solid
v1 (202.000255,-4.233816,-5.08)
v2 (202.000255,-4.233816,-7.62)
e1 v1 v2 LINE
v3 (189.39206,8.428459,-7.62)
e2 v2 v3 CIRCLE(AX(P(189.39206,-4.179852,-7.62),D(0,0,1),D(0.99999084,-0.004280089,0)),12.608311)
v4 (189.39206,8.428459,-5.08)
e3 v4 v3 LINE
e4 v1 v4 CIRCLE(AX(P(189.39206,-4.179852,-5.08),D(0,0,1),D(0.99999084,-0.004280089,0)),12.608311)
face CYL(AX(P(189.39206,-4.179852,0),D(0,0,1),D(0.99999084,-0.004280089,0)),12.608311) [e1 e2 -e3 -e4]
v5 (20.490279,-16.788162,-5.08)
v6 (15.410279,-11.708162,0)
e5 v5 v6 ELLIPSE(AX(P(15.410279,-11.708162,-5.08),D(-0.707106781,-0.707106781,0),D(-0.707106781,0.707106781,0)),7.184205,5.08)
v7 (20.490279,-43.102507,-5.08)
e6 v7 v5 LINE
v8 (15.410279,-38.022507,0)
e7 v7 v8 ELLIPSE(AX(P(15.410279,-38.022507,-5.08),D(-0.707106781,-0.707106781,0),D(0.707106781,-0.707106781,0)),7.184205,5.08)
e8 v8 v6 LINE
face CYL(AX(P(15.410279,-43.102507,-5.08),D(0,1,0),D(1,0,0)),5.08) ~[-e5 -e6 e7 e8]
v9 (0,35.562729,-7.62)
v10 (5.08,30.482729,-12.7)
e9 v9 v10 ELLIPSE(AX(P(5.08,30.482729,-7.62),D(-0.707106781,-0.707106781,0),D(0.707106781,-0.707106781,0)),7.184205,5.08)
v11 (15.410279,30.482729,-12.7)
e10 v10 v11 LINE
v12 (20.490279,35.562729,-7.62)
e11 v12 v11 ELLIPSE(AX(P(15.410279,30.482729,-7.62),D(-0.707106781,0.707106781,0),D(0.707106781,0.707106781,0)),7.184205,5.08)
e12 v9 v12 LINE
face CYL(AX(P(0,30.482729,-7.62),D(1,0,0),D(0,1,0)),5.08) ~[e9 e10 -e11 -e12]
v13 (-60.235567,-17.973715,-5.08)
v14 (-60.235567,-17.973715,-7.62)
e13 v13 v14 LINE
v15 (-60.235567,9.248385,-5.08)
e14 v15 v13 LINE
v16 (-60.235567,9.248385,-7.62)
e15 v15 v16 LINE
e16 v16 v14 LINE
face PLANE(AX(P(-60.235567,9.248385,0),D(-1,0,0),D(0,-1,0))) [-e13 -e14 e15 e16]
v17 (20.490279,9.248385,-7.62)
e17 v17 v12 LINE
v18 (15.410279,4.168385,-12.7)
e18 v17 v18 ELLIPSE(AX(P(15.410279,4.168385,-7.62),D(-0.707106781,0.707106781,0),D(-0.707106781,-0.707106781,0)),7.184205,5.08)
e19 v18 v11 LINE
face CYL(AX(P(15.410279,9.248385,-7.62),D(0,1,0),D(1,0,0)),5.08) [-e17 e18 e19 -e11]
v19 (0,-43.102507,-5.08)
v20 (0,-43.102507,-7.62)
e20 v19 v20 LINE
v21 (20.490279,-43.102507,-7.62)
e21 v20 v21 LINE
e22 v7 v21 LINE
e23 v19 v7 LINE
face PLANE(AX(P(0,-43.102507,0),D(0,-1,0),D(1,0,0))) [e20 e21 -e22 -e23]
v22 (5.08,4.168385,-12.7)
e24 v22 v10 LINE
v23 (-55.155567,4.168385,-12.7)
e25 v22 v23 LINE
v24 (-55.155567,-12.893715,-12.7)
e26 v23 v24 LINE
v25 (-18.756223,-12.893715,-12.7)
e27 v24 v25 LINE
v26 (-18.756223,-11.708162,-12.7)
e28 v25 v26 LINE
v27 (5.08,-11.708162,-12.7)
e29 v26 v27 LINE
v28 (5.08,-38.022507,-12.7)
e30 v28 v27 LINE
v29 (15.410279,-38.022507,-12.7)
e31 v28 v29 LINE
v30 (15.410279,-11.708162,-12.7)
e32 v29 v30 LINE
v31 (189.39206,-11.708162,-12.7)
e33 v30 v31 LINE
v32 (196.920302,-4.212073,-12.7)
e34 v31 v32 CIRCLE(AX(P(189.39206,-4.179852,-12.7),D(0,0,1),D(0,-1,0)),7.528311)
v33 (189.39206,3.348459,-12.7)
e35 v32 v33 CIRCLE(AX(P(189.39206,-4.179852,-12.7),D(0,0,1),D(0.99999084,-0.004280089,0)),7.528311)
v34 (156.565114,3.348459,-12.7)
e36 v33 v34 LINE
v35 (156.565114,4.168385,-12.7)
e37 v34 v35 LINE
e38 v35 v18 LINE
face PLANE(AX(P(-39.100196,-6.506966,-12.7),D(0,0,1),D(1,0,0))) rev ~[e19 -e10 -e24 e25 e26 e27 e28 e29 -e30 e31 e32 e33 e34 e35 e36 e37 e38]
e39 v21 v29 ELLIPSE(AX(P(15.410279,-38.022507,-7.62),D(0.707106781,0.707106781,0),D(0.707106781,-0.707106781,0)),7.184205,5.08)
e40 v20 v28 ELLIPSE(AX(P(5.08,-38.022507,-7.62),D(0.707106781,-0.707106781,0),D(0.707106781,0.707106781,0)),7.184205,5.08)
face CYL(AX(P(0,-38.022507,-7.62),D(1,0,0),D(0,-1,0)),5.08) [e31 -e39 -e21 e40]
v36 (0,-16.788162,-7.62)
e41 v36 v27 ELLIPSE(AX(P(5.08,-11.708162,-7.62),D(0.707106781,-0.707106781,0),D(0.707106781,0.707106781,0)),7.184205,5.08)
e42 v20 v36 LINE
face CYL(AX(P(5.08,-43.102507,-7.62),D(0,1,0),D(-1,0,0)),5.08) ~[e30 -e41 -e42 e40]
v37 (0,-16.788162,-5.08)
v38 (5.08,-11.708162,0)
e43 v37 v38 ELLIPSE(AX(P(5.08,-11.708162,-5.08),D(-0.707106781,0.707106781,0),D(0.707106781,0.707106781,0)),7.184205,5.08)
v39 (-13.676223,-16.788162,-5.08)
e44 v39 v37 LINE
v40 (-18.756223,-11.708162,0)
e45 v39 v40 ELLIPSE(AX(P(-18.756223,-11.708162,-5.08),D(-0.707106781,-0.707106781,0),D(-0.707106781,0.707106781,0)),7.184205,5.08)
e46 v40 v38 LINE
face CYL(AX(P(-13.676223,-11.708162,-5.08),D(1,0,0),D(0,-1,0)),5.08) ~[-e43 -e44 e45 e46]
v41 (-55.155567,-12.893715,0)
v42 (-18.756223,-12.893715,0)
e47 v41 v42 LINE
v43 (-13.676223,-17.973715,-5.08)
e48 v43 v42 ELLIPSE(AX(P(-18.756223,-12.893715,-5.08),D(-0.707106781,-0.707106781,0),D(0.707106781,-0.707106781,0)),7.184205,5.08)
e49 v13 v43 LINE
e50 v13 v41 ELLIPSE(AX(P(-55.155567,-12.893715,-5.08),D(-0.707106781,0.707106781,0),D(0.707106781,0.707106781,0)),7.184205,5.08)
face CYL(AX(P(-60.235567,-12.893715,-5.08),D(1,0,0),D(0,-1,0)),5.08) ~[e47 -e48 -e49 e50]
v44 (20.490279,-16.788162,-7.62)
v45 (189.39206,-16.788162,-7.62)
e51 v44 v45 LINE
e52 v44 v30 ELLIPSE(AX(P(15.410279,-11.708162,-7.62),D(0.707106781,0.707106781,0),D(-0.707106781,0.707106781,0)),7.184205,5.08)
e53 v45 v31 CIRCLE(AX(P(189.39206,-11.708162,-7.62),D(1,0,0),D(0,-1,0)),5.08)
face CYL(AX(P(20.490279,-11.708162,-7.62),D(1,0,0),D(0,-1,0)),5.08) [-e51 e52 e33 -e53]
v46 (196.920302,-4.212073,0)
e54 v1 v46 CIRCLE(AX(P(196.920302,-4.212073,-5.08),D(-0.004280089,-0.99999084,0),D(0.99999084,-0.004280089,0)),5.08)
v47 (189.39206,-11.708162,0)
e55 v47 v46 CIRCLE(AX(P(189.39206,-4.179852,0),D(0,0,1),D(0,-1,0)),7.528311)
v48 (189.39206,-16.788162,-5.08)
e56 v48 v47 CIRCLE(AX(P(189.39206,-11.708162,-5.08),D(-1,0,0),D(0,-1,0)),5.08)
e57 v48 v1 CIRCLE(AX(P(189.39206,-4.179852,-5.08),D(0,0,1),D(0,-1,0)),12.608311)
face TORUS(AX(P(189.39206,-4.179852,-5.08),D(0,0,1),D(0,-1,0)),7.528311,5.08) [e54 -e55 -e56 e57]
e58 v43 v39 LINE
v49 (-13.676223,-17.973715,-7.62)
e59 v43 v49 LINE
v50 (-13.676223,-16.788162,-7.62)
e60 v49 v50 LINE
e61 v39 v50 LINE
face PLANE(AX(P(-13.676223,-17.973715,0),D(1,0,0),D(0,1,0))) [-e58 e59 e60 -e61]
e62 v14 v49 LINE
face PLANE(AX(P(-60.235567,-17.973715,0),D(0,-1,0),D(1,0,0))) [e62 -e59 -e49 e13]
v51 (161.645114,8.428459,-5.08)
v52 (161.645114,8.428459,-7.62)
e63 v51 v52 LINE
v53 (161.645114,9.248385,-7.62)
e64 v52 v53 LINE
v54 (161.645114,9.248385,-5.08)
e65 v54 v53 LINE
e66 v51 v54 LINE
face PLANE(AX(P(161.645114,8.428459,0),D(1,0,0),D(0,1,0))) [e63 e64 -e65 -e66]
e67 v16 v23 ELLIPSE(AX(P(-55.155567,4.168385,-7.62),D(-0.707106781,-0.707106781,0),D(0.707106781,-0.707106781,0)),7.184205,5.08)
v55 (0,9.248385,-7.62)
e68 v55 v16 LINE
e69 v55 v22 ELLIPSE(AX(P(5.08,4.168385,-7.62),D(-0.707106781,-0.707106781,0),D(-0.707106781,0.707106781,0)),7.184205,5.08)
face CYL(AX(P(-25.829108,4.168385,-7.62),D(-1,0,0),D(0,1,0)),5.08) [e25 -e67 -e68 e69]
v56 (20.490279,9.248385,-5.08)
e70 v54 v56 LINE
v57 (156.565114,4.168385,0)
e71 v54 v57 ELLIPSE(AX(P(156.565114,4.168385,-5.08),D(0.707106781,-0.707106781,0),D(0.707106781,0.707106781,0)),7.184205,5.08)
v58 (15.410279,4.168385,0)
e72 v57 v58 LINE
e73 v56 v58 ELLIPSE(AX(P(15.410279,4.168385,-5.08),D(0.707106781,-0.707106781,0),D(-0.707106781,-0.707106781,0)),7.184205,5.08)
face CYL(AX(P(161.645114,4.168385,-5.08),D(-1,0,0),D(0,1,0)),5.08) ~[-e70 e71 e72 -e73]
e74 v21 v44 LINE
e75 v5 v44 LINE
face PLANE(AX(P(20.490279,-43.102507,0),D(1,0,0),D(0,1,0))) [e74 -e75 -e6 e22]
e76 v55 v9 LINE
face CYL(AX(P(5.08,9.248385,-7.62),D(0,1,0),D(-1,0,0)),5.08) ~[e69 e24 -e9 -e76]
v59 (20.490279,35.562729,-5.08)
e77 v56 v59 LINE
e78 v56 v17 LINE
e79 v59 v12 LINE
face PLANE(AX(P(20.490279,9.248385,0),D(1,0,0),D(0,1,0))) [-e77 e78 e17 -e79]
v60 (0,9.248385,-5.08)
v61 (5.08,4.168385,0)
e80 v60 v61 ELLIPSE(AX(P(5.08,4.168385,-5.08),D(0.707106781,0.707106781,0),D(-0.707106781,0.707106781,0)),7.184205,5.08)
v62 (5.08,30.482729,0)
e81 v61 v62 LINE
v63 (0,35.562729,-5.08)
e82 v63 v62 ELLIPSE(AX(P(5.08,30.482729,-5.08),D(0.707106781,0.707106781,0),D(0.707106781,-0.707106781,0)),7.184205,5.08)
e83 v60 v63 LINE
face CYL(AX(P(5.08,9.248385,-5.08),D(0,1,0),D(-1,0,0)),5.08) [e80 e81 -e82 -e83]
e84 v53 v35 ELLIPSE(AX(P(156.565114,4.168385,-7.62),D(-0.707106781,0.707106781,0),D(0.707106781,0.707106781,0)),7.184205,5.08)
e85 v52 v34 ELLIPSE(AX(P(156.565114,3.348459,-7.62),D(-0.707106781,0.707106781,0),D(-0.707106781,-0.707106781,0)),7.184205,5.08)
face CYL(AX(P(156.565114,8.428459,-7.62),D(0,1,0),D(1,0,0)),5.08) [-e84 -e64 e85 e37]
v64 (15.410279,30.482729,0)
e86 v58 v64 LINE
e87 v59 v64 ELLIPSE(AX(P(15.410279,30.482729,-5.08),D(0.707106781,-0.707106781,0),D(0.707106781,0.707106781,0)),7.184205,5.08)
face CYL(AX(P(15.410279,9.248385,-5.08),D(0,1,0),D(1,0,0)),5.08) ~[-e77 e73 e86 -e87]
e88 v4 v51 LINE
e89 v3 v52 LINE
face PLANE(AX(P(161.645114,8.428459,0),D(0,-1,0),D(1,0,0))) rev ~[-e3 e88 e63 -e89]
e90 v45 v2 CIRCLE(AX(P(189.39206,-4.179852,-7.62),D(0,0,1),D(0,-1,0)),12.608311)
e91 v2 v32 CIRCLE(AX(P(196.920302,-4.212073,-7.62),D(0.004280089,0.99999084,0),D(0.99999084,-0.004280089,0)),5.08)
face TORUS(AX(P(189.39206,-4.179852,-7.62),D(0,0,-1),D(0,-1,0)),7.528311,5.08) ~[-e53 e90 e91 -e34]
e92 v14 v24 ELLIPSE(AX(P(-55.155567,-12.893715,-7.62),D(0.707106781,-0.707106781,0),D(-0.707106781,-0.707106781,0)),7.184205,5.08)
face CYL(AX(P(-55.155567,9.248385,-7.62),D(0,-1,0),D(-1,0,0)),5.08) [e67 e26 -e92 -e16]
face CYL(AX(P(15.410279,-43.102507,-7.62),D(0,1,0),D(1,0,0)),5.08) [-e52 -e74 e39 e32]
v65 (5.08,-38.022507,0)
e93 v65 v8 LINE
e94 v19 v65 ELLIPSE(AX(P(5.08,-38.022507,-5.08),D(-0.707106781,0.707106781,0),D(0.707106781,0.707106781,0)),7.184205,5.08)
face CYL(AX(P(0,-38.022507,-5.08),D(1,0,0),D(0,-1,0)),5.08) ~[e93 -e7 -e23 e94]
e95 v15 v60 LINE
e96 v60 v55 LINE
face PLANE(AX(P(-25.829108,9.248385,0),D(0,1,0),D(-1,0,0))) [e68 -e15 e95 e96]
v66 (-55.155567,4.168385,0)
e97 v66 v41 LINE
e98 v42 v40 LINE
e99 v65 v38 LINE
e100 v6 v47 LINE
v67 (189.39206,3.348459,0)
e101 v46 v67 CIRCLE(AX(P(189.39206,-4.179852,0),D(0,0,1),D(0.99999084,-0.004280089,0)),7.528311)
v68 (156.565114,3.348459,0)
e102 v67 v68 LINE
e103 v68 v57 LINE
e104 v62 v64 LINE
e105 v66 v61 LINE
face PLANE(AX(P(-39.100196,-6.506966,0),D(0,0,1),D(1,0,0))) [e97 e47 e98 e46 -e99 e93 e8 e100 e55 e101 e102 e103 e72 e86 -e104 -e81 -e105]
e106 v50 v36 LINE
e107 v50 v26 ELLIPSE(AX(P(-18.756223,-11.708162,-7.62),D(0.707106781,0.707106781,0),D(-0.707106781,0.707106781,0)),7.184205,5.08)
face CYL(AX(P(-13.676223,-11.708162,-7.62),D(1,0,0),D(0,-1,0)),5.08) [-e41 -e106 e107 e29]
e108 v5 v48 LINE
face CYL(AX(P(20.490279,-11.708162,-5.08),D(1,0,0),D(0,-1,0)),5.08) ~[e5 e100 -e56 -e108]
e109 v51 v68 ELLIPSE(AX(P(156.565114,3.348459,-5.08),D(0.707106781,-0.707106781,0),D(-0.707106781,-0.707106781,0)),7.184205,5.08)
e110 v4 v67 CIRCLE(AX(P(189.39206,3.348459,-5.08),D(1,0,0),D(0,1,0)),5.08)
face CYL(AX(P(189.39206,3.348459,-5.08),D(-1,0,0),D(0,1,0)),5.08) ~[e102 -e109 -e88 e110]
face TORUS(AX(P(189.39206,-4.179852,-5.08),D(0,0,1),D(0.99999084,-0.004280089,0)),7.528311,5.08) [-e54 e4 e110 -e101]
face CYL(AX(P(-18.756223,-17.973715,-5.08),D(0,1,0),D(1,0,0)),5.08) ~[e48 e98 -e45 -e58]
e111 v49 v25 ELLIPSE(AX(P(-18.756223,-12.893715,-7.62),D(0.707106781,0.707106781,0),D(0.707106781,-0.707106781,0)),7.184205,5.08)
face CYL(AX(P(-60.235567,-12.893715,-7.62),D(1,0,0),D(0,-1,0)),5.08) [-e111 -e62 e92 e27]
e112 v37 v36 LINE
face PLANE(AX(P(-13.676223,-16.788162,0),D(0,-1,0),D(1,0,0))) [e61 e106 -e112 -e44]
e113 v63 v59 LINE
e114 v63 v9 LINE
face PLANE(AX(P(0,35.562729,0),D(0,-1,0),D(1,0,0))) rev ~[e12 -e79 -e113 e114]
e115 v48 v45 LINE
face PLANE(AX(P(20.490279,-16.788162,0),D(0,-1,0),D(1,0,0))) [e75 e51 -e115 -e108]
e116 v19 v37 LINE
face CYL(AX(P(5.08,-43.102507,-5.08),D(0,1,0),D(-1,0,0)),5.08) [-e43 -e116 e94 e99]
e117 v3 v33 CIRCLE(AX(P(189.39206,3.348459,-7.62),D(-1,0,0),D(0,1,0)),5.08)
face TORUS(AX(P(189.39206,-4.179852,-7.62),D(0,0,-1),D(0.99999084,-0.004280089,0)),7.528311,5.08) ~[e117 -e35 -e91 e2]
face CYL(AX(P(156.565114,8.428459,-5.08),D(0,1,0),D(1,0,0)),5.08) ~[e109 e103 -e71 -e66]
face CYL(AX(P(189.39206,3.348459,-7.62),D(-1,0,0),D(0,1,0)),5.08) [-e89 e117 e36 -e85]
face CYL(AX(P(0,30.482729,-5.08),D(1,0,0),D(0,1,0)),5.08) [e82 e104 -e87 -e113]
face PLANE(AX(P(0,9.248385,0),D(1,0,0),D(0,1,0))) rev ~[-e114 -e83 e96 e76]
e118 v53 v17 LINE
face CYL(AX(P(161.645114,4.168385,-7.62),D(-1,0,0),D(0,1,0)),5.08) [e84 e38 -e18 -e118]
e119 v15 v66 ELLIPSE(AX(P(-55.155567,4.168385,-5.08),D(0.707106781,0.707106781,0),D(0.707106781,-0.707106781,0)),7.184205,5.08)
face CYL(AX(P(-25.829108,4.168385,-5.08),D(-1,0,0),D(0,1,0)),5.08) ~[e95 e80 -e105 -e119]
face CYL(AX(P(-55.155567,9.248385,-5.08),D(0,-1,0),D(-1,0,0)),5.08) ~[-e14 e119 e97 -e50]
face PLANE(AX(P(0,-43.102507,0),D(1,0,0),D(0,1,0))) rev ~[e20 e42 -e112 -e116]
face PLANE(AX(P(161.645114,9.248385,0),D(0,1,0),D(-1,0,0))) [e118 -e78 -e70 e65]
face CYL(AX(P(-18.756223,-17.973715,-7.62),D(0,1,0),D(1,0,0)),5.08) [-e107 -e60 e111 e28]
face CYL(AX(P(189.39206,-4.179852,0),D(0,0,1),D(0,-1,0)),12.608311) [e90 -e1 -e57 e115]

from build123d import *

# Parameters (mm, degrees)
F0_W     = 20.4902794212
F0_H     = 26.3143442571
F0_W_2   = 12.1528850868
F0_H_2   = 26.0365474969
F0_W_3   = 27.7469456196
F0_H_3   = 25.2166213468
F1_DEPTH = 12.7
F2_R     = 5.08


with BuildPart() as f1:
    # F0 (on Top) → F1 (new body)
    with BuildSketch(Plane.XY):
        Polygon((-25.8291084319, -16.788162291), (-25.8291084319, 9.2483852059), (-60.2355673909, 9.2483852059), (-60.2355673909, -17.9737154394), (-13.6762233451, -17.9737154394), (-13.6762233451, -16.788162291), align=None)
        with Locations((10.2451397106, -29.9453344196)):
            Rectangle(F0_W, F0_H)
        with Locations((10.2451397106, 22.4055573344)):
            Rectangle(F0_W, F0_H)
        with BuildLine():
            ThreePointArc((202.0002552275, -4.2338163045), (198.3265410441, 4.7164705016), (189.3920600414, 8.4284590557))
            Line((189.3920600414, 8.4284590557), (189.3920600414, -16.788162291))
            ThreePointArc((189.3920600414, -16.788162291), (198.2883821607, -13.1143326203), (202.0002552275, -4.2338163045))
        make_face()
        with Locations((-19.7526658885, -3.7698885426)):
            Rectangle(F0_W_2, F0_H_2)
        with Locations((175.5185872316, -4.1798516177)):
            Rectangle(F0_W_3, F0_H_3)
        Polygon((0, 9.2483852059), (-13.6762233451, 9.2483852059), (-13.6762233451, -16.788162291), (0, -16.788162291), (20.4902794212, -16.788162291), (161.6451144218, -16.788162291), (161.6451144218, 8.4284590557), (161.6451144218, 9.2483852059), (20.4902794212, 9.2483852059), align=None)
    extrude(amount=-F1_DEPTH)

    # F2
    f2_edges = [f1.edges().sort_by_distance(p)[0] for p in [
        (-36.955895, -17.973715, 0),
        (-60.235567, -4.362665, 0),
        (-13.676223, -17.380939, 0),
        (-6.838112, -16.788162, 0),
        (0, -29.945334, 0),
        (10.24514, -43.102507, 0),
        (20.490279, -29.945334, 0),
        (104.94117, -16.788162, 0),
        (202.000371, -4.179852, 0),
        (175.518587, 8.428459, 0),
        (161.645114, 8.838422, 0),
        (91.067697, 9.248385, 0),
        (20.490279, 22.405557, 0),
        (10.24514, 35.562729, 0),
        (0, 22.405557, 0),
        (-30.117784, 9.248385, 0),
        (-60.235567, -4.362665, -12.7),
        (-36.955895, -17.973715, -12.7),
        (-13.676223, -17.380939, -12.7),
        (-6.838112, -16.788162, -12.7),
        (0, -29.945334, -12.7),
        (10.24514, -43.102507, -12.7),
        (20.490279, -29.945334, -12.7),
        (104.94117, -16.788162, -12.7),
        (202.000371, -4.179852, -12.7),
        (175.518587, 8.428459, -12.7),
        (161.645114, 8.838422, -12.7),
        (91.067697, 9.248385, -12.7),
        (20.490279, 22.405557, -12.7),
        (10.24514, 35.562729, -12.7),
        (0, 22.405557, -12.7),
        (-30.117784, 9.248385, -12.7),
    ]]
    fillet(f2_edges, radius=F2_R)


solid = f1.part
